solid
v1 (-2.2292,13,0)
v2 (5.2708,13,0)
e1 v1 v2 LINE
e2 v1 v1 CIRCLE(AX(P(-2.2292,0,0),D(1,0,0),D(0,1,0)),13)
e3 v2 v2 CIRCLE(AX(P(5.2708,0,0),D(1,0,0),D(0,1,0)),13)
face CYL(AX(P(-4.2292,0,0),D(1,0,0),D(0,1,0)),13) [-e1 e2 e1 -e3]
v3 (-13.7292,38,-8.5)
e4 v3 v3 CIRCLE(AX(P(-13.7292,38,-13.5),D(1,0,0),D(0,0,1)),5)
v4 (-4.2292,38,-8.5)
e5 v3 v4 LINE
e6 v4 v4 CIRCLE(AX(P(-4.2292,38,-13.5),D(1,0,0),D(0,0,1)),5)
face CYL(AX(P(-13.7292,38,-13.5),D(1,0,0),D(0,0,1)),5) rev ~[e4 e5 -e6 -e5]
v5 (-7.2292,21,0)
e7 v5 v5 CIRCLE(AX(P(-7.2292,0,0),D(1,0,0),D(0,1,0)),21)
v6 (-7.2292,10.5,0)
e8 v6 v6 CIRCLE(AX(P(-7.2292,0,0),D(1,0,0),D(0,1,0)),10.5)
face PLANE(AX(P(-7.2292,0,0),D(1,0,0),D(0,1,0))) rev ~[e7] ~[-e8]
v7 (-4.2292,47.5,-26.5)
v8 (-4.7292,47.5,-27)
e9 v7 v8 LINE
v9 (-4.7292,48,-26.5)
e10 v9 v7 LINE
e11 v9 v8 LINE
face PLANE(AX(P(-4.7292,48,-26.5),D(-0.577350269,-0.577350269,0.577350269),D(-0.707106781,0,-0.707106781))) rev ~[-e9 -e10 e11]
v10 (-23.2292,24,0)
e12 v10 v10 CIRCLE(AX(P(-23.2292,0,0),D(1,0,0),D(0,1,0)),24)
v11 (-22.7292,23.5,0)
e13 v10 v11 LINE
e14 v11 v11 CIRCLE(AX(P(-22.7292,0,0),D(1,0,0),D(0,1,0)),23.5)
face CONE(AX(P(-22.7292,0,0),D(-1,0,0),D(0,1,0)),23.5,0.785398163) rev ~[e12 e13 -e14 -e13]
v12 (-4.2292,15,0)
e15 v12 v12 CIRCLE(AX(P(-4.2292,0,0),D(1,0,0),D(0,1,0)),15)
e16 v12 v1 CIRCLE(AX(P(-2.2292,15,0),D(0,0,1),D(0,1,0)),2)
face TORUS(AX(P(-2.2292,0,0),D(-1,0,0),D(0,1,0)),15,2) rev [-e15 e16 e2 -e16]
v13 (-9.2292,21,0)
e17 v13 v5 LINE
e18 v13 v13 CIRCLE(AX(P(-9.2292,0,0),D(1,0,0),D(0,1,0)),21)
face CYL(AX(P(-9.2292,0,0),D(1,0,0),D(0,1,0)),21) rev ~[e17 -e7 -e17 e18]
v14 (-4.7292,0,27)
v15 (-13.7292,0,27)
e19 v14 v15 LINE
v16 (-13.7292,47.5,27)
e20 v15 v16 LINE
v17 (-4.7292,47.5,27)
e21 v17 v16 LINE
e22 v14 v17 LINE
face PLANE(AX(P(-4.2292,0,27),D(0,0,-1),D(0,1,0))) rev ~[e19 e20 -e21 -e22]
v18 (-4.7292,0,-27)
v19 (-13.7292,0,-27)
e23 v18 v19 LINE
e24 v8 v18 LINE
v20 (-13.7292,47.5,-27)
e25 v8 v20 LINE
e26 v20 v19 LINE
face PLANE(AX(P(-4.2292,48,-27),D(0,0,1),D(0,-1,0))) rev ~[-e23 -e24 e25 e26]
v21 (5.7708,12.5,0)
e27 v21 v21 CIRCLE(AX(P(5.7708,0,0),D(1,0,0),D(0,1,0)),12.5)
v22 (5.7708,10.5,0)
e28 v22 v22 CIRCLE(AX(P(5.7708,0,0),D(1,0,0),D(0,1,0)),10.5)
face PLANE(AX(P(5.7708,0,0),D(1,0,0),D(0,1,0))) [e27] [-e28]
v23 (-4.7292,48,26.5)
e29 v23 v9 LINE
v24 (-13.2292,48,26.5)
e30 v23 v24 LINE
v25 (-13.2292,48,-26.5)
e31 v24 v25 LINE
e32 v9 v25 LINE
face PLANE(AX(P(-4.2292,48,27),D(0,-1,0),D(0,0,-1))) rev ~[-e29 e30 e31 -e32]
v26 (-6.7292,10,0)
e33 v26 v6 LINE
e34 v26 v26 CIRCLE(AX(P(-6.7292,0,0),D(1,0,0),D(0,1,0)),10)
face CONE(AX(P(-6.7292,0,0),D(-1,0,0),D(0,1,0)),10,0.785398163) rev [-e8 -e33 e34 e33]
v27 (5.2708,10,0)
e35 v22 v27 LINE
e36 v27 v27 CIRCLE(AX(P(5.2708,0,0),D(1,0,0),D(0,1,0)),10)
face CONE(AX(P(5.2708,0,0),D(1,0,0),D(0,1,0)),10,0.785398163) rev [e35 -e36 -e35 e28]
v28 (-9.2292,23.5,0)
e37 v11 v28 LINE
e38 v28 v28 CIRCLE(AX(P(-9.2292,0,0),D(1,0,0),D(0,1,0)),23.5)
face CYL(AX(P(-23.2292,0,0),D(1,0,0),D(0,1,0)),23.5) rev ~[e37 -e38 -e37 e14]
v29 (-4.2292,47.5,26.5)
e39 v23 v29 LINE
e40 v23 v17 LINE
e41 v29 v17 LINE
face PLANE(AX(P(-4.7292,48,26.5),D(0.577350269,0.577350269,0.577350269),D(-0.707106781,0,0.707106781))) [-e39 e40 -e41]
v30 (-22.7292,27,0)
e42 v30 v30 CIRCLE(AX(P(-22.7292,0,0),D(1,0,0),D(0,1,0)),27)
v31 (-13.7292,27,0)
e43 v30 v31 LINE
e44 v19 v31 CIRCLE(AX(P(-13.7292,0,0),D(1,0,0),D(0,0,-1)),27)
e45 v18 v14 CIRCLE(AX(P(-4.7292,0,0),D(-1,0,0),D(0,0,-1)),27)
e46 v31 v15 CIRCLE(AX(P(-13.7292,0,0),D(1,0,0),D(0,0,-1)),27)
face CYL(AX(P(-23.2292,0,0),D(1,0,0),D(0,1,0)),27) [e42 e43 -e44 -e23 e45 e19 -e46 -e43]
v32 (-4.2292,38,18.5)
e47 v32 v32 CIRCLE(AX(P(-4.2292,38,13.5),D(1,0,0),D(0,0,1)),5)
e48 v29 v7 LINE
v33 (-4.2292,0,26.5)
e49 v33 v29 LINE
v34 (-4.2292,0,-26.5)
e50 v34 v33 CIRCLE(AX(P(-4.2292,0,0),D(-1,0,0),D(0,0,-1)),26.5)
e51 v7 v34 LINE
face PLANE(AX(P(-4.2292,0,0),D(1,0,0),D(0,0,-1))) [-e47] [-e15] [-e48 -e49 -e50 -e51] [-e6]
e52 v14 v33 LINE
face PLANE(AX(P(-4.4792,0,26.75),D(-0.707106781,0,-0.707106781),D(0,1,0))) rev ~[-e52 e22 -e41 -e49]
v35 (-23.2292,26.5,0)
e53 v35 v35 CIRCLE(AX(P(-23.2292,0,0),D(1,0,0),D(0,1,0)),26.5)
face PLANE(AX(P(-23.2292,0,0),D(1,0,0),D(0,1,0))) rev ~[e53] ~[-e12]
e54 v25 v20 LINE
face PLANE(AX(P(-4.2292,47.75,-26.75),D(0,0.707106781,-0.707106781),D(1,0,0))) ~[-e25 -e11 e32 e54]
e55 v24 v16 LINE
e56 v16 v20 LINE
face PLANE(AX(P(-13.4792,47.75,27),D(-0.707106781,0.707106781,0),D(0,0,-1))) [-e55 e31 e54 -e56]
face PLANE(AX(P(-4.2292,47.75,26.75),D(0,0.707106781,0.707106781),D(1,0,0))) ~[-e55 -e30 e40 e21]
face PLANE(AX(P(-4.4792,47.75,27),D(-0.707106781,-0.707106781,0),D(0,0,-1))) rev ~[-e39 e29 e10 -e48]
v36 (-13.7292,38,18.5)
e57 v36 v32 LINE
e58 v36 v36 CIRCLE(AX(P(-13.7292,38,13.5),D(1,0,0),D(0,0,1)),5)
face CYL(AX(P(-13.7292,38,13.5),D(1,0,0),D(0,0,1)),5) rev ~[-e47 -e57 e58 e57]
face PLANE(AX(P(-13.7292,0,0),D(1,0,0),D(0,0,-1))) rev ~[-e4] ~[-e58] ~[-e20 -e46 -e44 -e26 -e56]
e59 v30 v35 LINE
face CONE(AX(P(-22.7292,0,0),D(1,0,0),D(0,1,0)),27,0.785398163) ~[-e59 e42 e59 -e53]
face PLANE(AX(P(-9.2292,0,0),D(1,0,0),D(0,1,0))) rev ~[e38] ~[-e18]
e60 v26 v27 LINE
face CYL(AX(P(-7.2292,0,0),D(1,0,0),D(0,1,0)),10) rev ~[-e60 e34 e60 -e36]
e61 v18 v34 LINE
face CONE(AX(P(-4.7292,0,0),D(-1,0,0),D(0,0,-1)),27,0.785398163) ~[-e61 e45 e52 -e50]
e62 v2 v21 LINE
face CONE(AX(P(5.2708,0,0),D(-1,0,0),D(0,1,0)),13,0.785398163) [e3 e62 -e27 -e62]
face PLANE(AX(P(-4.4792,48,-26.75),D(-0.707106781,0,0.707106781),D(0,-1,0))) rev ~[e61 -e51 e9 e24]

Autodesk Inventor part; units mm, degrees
ref_plane "YZ Plane" through (0, 0, 0) normal (1, 0, 0) x (0, 1, 0)
ref_plane "XZ Plane" through (0, 0, 0) normal (0, 1, 0) x (-1, 0, 0)
ref_plane "XY Plane" through (0, 0, 0) normal (0, 0, 1) x (1, 0, 0)
sketch "Schizzo3" plane through (0, 0, 0) normal (0, 0, 1) x (1, 0, 0)
  line L0 (-66.1458, 0) -> (66.1458, 0)
  line L1 (-4.2292, 27) -> (-4.2292, 13)
  line L2 (-4.2292, 13) -> (5.7708, 13)
  line L3 (5.7708, 13) -> (5.7708, 10)
  line L4 (-23.2292, 27) -> (-23.2292, 23.5)
  line L5 (-23.2292, 23.5) -> (-9.2292, 23.5)
  line L6 (-9.2292, 23.5) -> (-9.2292, 21)
  line L7 (-9.2292, 21) -> (-7.2292, 21)
  line L8 (-7.2292, 21) -> (-7.2292, 10)
  line L9 (-7.2292, 10) -> (5.7708, 10)
  line L10 (-23.2292, 27) -> (-4.2292, 27)
  point P0 (0, 0)
  point P1 (0, 0)
  dimension "d8" = 20
  dimension "d9" = 26
  dimension "d10" = 10
  dimension "d11" = 47
  dimension "d13" = 42
  dimension "d14" = 5
  dimension "d17" = 3
  dimension "d19" = 3.5
  dimension "d21" = 14
revolve "Rivoluzione1" add sketch "Schizzo3" angle 360 about axis through (-66.1458, 0, 0) along (1, 0, 0)
fillet "Raccordo1" radius 2 1 edges at (-4.2292, -13, 0)
chamfer "Smusso1" distance 0.5 angle 45 4 edges at (-23.2292, -23.5, 0) (-7.2292, -10, 0) (5.7708, -10, 0) (5.7708, -13, 0)
sketch "Schizzo4" plane through (-4.2292, 0, 0) normal (1, 0, 0) x (0, 0, -1)
  circle A0 centre (0, 0) radius 27 projected
  circle A1 centre (0, 0) radius 27
  line L0 (-27, 0) -> (-27, 48)
  line L1 (-27, 48) -> (27, 48)
  line L2 (27, 48) -> (27, 0)
  dimension "d27" = 48
extrude "Estrusione3" add sketch "Schizzo4" against normal blind 9.5 contours A0 L0 L1 L2
chamfer "Smusso2" distance 0.5 angle 45 8 edges at (-4.2292, 24, 27) (-4.2292, -27, 0) (-4.2292, 24, -27) (-23.2292, -27, 0) (-4.2292, 48, 0) (-13.7292, 48, 0) (-8.9792, 48, -27) (-8.9792, 48, 27)
sketch "Schizzo5" plane through (-13.7292, 0, 0) normal (-1, 0, 0) x (0, 0, 1)
  line L0 (27, 0) -> (27, 47.5) projected
  line L1 (26.5, 48) -> (-26.5, 48) projected
  line L2 (-27, 47.5) -> (-27, 0) projected
  point P0 (0, 0)
  point P1 (13.5, 38)
  point P2 (-13.5, 38)
  dimension "d33" = 13.5
  dimension "d34" = 10
  dimension "d35" = 13.5
hole "Foro1" at (-13.7292, 38, 13.5) at (-13.7292, 38, -13.5) direction (1, 0, 0) diameter 10 end through all
equation "\"d35\" = d33"
properties part number "Porta cuscinetto puleggia operatrice" material "Acciaio inossidabile"
